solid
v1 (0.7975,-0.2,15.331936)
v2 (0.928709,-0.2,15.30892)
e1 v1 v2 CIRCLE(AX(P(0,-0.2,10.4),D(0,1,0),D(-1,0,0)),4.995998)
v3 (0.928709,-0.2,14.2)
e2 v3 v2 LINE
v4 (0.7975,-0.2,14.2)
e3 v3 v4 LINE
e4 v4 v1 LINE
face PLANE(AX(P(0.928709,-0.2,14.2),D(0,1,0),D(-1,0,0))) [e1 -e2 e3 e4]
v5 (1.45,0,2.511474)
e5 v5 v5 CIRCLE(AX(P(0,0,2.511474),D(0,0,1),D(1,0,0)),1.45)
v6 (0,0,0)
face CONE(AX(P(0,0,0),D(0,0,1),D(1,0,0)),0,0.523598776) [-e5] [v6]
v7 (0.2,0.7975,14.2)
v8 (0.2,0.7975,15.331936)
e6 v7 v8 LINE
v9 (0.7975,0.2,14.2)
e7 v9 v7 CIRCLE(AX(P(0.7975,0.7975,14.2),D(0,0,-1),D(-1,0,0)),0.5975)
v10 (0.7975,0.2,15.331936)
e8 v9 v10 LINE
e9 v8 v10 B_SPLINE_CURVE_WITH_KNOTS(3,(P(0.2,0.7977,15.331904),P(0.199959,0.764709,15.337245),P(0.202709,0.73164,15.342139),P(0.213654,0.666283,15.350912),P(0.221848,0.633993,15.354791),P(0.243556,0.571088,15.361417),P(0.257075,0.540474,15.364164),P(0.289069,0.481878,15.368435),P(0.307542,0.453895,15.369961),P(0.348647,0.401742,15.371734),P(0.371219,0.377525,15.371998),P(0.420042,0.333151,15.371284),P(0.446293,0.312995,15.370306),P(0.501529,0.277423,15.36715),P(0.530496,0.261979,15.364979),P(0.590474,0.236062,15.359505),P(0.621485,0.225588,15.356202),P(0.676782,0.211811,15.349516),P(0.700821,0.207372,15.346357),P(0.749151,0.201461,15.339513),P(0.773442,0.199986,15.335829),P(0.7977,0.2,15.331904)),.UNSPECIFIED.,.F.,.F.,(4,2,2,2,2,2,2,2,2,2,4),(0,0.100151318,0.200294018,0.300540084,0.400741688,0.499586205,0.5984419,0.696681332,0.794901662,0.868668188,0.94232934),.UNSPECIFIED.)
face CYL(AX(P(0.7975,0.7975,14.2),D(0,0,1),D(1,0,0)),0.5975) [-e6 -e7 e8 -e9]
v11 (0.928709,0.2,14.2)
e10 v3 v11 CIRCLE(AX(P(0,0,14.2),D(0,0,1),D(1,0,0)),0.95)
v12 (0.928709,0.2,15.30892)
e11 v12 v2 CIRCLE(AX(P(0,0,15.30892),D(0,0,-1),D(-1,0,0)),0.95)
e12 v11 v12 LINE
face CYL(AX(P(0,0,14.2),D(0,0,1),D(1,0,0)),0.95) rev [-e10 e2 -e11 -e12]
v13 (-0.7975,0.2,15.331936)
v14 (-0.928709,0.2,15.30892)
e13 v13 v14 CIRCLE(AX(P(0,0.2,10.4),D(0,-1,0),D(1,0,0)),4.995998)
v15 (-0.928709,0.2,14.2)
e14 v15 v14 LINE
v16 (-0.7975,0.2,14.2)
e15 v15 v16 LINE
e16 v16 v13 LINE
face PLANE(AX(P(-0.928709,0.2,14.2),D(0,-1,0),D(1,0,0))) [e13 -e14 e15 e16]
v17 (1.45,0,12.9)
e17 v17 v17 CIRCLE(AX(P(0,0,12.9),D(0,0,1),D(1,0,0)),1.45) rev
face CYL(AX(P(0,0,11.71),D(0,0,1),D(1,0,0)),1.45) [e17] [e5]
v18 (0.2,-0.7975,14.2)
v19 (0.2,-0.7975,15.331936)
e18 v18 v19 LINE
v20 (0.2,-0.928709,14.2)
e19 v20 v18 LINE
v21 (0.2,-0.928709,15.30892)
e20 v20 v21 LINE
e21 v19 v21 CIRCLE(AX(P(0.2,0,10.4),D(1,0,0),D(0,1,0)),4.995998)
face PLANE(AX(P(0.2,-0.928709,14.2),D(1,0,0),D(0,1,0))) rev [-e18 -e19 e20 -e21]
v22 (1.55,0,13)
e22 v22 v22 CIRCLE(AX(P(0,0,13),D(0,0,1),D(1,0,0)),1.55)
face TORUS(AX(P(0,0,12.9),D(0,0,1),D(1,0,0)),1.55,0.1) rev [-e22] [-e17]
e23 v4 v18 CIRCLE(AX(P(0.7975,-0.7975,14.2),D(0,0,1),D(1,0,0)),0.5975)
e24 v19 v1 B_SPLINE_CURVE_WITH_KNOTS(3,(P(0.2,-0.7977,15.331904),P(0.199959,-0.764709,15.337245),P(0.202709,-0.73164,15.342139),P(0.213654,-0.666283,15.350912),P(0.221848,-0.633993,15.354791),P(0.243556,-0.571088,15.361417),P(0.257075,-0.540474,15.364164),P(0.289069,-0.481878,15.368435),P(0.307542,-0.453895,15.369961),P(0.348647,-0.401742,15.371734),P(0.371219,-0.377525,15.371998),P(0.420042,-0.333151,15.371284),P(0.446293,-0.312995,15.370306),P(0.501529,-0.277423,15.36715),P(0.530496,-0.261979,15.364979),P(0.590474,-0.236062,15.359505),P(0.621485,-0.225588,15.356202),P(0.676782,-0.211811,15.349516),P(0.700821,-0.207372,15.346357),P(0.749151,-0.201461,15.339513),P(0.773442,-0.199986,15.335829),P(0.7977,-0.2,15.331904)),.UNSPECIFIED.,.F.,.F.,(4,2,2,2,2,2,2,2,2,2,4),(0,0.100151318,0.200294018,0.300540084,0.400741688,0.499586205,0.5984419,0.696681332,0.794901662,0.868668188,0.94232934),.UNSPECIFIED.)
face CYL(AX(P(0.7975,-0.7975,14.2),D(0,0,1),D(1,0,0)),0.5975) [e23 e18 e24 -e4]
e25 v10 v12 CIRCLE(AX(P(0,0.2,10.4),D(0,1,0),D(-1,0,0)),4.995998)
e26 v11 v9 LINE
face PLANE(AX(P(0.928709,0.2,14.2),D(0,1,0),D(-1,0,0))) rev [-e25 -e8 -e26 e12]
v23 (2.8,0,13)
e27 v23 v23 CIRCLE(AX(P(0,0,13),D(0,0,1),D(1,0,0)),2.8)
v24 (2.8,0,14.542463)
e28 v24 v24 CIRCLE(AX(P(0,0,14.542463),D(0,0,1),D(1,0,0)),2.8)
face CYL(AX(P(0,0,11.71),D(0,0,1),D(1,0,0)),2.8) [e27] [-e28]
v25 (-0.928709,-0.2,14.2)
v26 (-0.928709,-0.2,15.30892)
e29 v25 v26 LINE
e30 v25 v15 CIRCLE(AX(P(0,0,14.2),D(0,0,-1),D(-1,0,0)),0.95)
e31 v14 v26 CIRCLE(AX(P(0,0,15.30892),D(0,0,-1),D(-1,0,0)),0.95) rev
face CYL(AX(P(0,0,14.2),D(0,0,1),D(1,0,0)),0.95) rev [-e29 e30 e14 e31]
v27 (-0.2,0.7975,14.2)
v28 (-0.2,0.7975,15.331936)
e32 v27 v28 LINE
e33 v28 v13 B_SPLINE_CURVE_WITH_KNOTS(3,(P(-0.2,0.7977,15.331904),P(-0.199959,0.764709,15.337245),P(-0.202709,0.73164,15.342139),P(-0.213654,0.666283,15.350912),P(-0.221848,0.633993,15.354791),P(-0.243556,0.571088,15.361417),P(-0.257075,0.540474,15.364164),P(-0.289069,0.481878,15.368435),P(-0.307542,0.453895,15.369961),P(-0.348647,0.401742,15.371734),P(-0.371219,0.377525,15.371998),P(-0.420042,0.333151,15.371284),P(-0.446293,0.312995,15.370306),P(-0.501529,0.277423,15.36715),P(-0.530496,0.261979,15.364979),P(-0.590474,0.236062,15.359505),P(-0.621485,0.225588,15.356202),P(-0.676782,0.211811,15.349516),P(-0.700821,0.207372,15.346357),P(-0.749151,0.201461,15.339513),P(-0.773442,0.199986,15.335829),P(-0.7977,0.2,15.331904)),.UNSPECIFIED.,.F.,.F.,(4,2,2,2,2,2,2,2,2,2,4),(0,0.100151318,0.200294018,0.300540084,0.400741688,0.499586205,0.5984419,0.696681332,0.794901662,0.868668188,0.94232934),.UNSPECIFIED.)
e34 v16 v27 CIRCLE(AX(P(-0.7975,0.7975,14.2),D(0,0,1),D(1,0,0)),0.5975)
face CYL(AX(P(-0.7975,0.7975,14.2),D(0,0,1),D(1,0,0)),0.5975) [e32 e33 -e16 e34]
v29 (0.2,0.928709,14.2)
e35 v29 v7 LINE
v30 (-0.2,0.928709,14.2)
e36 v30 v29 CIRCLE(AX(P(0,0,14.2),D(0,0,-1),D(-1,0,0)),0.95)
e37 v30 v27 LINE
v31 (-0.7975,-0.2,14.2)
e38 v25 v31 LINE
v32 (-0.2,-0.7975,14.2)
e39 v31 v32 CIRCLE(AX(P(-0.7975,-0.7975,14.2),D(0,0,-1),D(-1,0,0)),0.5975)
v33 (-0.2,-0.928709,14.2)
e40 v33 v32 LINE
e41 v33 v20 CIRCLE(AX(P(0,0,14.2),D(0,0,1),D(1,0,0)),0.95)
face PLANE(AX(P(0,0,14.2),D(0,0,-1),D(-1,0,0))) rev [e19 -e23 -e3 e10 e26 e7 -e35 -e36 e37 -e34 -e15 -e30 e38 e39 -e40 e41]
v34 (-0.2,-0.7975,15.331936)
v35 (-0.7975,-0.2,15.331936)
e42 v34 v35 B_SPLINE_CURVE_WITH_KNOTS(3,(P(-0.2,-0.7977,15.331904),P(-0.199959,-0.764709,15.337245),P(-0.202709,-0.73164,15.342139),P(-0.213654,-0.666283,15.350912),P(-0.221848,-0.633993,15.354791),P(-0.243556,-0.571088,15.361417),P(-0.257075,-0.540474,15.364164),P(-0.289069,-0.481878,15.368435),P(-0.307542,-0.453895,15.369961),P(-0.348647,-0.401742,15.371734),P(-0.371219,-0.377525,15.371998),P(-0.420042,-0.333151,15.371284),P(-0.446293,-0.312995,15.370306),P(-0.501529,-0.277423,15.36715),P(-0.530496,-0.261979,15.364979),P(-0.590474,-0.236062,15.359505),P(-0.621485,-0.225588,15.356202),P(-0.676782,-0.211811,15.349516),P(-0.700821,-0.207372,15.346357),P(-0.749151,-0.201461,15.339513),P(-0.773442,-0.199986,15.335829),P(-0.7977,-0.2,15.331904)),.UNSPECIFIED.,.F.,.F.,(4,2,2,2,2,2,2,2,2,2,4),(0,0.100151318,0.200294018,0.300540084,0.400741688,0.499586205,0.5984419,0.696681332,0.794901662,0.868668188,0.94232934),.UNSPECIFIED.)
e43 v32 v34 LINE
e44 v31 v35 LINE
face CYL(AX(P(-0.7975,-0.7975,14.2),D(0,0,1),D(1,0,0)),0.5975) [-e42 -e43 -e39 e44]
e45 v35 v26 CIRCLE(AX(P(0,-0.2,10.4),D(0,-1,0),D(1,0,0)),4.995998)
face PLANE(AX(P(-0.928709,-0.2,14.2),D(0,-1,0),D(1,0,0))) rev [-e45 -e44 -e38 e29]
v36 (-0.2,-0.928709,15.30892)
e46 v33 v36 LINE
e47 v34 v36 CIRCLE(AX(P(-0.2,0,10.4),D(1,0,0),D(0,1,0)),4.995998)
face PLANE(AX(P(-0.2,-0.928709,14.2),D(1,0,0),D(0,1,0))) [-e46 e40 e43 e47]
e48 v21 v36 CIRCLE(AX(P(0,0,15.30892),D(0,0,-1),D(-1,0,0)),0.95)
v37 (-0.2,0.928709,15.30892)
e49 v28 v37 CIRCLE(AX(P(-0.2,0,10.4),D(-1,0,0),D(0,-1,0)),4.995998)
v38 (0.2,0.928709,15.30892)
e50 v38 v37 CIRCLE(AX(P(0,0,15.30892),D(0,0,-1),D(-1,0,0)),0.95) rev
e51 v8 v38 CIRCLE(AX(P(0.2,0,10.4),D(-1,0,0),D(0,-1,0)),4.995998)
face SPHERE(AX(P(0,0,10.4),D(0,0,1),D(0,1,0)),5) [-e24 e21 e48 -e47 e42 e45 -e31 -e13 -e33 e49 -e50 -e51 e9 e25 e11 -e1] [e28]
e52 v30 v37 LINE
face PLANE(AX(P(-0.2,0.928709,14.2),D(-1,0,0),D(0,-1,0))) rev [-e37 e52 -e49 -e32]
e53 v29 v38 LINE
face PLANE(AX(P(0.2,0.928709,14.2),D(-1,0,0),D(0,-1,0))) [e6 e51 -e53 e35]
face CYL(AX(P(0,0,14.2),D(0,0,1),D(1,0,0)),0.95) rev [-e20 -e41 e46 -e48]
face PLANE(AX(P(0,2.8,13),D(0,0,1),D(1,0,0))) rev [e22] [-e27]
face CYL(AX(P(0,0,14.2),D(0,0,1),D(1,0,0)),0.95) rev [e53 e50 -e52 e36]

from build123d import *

# Parameters (mm, degrees)
CUT_EXTRUDE_2_DEPTH = 1.2
FILLET_1_R          = 0.1


with BuildPart() as part:
    # 草图8 → Revolve 1380 (revolve)
    with BuildSketch(Plane(origin=(0, 0, 0), x_dir=(0, 0, -1), z_dir=(1, 0, 0))):
        with BuildLine():
            Line((0, 0), (-15.4, 0))
            ThreePointArc((-15.4, 0), (-15.180811394, 1.464186604), (-14.542463035, 2.8))
            Line((-14.542463035, 2.8), (-13, 2.8))
            Line((-13, 2.8), (-13, 1.45))
            Line((-13, 1.45), (-2.511473671, 1.45))
            Line((-2.511473671, 1.45), (0, 0))
        make_face()
    revolve(axis=Axis((0, 0, 11.71), (0, 0, -1)))

    # 草图7 → 切除-拉伸2 (cut)
    with BuildSketch(Plane.XY.offset(15.4)):
        with BuildLine():
            Line((0.2, 0.928708781), (0.2, 0.797500009))
            ThreePointArc((0.2, 0.797500009), (0.375003701, 0.375003701), (0.797500009, 0.2))
            Line((0.797500009, 0.2), (0.928708781, 0.2))
            ThreePointArc((0.928708781, 0.2), (0.95, 0), (0.928708781, -0.2))
            Line((0.928708781, -0.2), (0.797500009, -0.2))
            ThreePointArc((0.797500009, -0.2), (0.375003701, -0.375003701), (0.2, -0.797500009))
            Line((0.2, -0.797500009), (0.2, -0.928708781))
            ThreePointArc((0.2, -0.928708781), (0, -0.95), (-0.2, -0.928708781))
            Line((-0.2, -0.928708781), (-0.2, -0.797500009))
            ThreePointArc((-0.2, -0.797500009), (-0.375003701, -0.375003701), (-0.797500009, -0.2))
            Line((-0.797500009, -0.2), (-0.928708781, -0.2))
            ThreePointArc((-0.928708781, -0.2), (-0.95, 0), (-0.928708781, 0.2))
            Line((-0.928708781, 0.2), (-0.797500009, 0.2))
            ThreePointArc((-0.797500009, 0.2), (-0.375003701, 0.375003701), (-0.2, 0.797500009))
            Line((-0.2, 0.797500009), (-0.2, 0.928708781))
            ThreePointArc((-0.2, 0.928708781), (0, 0.95), (0.2, 0.928708781))
        make_face()
    extrude(amount=-CUT_EXTRUDE_2_DEPTH, mode=Mode.SUBTRACT)

    # 圆角1
    fillet_1_edges = [part.edges().sort_by_distance(p)[0] for p in [
        (0, -1.45, 13),
    ]]
    fillet(fillet_1_edges, radius=FILLET_1_R)


solid = part.part
